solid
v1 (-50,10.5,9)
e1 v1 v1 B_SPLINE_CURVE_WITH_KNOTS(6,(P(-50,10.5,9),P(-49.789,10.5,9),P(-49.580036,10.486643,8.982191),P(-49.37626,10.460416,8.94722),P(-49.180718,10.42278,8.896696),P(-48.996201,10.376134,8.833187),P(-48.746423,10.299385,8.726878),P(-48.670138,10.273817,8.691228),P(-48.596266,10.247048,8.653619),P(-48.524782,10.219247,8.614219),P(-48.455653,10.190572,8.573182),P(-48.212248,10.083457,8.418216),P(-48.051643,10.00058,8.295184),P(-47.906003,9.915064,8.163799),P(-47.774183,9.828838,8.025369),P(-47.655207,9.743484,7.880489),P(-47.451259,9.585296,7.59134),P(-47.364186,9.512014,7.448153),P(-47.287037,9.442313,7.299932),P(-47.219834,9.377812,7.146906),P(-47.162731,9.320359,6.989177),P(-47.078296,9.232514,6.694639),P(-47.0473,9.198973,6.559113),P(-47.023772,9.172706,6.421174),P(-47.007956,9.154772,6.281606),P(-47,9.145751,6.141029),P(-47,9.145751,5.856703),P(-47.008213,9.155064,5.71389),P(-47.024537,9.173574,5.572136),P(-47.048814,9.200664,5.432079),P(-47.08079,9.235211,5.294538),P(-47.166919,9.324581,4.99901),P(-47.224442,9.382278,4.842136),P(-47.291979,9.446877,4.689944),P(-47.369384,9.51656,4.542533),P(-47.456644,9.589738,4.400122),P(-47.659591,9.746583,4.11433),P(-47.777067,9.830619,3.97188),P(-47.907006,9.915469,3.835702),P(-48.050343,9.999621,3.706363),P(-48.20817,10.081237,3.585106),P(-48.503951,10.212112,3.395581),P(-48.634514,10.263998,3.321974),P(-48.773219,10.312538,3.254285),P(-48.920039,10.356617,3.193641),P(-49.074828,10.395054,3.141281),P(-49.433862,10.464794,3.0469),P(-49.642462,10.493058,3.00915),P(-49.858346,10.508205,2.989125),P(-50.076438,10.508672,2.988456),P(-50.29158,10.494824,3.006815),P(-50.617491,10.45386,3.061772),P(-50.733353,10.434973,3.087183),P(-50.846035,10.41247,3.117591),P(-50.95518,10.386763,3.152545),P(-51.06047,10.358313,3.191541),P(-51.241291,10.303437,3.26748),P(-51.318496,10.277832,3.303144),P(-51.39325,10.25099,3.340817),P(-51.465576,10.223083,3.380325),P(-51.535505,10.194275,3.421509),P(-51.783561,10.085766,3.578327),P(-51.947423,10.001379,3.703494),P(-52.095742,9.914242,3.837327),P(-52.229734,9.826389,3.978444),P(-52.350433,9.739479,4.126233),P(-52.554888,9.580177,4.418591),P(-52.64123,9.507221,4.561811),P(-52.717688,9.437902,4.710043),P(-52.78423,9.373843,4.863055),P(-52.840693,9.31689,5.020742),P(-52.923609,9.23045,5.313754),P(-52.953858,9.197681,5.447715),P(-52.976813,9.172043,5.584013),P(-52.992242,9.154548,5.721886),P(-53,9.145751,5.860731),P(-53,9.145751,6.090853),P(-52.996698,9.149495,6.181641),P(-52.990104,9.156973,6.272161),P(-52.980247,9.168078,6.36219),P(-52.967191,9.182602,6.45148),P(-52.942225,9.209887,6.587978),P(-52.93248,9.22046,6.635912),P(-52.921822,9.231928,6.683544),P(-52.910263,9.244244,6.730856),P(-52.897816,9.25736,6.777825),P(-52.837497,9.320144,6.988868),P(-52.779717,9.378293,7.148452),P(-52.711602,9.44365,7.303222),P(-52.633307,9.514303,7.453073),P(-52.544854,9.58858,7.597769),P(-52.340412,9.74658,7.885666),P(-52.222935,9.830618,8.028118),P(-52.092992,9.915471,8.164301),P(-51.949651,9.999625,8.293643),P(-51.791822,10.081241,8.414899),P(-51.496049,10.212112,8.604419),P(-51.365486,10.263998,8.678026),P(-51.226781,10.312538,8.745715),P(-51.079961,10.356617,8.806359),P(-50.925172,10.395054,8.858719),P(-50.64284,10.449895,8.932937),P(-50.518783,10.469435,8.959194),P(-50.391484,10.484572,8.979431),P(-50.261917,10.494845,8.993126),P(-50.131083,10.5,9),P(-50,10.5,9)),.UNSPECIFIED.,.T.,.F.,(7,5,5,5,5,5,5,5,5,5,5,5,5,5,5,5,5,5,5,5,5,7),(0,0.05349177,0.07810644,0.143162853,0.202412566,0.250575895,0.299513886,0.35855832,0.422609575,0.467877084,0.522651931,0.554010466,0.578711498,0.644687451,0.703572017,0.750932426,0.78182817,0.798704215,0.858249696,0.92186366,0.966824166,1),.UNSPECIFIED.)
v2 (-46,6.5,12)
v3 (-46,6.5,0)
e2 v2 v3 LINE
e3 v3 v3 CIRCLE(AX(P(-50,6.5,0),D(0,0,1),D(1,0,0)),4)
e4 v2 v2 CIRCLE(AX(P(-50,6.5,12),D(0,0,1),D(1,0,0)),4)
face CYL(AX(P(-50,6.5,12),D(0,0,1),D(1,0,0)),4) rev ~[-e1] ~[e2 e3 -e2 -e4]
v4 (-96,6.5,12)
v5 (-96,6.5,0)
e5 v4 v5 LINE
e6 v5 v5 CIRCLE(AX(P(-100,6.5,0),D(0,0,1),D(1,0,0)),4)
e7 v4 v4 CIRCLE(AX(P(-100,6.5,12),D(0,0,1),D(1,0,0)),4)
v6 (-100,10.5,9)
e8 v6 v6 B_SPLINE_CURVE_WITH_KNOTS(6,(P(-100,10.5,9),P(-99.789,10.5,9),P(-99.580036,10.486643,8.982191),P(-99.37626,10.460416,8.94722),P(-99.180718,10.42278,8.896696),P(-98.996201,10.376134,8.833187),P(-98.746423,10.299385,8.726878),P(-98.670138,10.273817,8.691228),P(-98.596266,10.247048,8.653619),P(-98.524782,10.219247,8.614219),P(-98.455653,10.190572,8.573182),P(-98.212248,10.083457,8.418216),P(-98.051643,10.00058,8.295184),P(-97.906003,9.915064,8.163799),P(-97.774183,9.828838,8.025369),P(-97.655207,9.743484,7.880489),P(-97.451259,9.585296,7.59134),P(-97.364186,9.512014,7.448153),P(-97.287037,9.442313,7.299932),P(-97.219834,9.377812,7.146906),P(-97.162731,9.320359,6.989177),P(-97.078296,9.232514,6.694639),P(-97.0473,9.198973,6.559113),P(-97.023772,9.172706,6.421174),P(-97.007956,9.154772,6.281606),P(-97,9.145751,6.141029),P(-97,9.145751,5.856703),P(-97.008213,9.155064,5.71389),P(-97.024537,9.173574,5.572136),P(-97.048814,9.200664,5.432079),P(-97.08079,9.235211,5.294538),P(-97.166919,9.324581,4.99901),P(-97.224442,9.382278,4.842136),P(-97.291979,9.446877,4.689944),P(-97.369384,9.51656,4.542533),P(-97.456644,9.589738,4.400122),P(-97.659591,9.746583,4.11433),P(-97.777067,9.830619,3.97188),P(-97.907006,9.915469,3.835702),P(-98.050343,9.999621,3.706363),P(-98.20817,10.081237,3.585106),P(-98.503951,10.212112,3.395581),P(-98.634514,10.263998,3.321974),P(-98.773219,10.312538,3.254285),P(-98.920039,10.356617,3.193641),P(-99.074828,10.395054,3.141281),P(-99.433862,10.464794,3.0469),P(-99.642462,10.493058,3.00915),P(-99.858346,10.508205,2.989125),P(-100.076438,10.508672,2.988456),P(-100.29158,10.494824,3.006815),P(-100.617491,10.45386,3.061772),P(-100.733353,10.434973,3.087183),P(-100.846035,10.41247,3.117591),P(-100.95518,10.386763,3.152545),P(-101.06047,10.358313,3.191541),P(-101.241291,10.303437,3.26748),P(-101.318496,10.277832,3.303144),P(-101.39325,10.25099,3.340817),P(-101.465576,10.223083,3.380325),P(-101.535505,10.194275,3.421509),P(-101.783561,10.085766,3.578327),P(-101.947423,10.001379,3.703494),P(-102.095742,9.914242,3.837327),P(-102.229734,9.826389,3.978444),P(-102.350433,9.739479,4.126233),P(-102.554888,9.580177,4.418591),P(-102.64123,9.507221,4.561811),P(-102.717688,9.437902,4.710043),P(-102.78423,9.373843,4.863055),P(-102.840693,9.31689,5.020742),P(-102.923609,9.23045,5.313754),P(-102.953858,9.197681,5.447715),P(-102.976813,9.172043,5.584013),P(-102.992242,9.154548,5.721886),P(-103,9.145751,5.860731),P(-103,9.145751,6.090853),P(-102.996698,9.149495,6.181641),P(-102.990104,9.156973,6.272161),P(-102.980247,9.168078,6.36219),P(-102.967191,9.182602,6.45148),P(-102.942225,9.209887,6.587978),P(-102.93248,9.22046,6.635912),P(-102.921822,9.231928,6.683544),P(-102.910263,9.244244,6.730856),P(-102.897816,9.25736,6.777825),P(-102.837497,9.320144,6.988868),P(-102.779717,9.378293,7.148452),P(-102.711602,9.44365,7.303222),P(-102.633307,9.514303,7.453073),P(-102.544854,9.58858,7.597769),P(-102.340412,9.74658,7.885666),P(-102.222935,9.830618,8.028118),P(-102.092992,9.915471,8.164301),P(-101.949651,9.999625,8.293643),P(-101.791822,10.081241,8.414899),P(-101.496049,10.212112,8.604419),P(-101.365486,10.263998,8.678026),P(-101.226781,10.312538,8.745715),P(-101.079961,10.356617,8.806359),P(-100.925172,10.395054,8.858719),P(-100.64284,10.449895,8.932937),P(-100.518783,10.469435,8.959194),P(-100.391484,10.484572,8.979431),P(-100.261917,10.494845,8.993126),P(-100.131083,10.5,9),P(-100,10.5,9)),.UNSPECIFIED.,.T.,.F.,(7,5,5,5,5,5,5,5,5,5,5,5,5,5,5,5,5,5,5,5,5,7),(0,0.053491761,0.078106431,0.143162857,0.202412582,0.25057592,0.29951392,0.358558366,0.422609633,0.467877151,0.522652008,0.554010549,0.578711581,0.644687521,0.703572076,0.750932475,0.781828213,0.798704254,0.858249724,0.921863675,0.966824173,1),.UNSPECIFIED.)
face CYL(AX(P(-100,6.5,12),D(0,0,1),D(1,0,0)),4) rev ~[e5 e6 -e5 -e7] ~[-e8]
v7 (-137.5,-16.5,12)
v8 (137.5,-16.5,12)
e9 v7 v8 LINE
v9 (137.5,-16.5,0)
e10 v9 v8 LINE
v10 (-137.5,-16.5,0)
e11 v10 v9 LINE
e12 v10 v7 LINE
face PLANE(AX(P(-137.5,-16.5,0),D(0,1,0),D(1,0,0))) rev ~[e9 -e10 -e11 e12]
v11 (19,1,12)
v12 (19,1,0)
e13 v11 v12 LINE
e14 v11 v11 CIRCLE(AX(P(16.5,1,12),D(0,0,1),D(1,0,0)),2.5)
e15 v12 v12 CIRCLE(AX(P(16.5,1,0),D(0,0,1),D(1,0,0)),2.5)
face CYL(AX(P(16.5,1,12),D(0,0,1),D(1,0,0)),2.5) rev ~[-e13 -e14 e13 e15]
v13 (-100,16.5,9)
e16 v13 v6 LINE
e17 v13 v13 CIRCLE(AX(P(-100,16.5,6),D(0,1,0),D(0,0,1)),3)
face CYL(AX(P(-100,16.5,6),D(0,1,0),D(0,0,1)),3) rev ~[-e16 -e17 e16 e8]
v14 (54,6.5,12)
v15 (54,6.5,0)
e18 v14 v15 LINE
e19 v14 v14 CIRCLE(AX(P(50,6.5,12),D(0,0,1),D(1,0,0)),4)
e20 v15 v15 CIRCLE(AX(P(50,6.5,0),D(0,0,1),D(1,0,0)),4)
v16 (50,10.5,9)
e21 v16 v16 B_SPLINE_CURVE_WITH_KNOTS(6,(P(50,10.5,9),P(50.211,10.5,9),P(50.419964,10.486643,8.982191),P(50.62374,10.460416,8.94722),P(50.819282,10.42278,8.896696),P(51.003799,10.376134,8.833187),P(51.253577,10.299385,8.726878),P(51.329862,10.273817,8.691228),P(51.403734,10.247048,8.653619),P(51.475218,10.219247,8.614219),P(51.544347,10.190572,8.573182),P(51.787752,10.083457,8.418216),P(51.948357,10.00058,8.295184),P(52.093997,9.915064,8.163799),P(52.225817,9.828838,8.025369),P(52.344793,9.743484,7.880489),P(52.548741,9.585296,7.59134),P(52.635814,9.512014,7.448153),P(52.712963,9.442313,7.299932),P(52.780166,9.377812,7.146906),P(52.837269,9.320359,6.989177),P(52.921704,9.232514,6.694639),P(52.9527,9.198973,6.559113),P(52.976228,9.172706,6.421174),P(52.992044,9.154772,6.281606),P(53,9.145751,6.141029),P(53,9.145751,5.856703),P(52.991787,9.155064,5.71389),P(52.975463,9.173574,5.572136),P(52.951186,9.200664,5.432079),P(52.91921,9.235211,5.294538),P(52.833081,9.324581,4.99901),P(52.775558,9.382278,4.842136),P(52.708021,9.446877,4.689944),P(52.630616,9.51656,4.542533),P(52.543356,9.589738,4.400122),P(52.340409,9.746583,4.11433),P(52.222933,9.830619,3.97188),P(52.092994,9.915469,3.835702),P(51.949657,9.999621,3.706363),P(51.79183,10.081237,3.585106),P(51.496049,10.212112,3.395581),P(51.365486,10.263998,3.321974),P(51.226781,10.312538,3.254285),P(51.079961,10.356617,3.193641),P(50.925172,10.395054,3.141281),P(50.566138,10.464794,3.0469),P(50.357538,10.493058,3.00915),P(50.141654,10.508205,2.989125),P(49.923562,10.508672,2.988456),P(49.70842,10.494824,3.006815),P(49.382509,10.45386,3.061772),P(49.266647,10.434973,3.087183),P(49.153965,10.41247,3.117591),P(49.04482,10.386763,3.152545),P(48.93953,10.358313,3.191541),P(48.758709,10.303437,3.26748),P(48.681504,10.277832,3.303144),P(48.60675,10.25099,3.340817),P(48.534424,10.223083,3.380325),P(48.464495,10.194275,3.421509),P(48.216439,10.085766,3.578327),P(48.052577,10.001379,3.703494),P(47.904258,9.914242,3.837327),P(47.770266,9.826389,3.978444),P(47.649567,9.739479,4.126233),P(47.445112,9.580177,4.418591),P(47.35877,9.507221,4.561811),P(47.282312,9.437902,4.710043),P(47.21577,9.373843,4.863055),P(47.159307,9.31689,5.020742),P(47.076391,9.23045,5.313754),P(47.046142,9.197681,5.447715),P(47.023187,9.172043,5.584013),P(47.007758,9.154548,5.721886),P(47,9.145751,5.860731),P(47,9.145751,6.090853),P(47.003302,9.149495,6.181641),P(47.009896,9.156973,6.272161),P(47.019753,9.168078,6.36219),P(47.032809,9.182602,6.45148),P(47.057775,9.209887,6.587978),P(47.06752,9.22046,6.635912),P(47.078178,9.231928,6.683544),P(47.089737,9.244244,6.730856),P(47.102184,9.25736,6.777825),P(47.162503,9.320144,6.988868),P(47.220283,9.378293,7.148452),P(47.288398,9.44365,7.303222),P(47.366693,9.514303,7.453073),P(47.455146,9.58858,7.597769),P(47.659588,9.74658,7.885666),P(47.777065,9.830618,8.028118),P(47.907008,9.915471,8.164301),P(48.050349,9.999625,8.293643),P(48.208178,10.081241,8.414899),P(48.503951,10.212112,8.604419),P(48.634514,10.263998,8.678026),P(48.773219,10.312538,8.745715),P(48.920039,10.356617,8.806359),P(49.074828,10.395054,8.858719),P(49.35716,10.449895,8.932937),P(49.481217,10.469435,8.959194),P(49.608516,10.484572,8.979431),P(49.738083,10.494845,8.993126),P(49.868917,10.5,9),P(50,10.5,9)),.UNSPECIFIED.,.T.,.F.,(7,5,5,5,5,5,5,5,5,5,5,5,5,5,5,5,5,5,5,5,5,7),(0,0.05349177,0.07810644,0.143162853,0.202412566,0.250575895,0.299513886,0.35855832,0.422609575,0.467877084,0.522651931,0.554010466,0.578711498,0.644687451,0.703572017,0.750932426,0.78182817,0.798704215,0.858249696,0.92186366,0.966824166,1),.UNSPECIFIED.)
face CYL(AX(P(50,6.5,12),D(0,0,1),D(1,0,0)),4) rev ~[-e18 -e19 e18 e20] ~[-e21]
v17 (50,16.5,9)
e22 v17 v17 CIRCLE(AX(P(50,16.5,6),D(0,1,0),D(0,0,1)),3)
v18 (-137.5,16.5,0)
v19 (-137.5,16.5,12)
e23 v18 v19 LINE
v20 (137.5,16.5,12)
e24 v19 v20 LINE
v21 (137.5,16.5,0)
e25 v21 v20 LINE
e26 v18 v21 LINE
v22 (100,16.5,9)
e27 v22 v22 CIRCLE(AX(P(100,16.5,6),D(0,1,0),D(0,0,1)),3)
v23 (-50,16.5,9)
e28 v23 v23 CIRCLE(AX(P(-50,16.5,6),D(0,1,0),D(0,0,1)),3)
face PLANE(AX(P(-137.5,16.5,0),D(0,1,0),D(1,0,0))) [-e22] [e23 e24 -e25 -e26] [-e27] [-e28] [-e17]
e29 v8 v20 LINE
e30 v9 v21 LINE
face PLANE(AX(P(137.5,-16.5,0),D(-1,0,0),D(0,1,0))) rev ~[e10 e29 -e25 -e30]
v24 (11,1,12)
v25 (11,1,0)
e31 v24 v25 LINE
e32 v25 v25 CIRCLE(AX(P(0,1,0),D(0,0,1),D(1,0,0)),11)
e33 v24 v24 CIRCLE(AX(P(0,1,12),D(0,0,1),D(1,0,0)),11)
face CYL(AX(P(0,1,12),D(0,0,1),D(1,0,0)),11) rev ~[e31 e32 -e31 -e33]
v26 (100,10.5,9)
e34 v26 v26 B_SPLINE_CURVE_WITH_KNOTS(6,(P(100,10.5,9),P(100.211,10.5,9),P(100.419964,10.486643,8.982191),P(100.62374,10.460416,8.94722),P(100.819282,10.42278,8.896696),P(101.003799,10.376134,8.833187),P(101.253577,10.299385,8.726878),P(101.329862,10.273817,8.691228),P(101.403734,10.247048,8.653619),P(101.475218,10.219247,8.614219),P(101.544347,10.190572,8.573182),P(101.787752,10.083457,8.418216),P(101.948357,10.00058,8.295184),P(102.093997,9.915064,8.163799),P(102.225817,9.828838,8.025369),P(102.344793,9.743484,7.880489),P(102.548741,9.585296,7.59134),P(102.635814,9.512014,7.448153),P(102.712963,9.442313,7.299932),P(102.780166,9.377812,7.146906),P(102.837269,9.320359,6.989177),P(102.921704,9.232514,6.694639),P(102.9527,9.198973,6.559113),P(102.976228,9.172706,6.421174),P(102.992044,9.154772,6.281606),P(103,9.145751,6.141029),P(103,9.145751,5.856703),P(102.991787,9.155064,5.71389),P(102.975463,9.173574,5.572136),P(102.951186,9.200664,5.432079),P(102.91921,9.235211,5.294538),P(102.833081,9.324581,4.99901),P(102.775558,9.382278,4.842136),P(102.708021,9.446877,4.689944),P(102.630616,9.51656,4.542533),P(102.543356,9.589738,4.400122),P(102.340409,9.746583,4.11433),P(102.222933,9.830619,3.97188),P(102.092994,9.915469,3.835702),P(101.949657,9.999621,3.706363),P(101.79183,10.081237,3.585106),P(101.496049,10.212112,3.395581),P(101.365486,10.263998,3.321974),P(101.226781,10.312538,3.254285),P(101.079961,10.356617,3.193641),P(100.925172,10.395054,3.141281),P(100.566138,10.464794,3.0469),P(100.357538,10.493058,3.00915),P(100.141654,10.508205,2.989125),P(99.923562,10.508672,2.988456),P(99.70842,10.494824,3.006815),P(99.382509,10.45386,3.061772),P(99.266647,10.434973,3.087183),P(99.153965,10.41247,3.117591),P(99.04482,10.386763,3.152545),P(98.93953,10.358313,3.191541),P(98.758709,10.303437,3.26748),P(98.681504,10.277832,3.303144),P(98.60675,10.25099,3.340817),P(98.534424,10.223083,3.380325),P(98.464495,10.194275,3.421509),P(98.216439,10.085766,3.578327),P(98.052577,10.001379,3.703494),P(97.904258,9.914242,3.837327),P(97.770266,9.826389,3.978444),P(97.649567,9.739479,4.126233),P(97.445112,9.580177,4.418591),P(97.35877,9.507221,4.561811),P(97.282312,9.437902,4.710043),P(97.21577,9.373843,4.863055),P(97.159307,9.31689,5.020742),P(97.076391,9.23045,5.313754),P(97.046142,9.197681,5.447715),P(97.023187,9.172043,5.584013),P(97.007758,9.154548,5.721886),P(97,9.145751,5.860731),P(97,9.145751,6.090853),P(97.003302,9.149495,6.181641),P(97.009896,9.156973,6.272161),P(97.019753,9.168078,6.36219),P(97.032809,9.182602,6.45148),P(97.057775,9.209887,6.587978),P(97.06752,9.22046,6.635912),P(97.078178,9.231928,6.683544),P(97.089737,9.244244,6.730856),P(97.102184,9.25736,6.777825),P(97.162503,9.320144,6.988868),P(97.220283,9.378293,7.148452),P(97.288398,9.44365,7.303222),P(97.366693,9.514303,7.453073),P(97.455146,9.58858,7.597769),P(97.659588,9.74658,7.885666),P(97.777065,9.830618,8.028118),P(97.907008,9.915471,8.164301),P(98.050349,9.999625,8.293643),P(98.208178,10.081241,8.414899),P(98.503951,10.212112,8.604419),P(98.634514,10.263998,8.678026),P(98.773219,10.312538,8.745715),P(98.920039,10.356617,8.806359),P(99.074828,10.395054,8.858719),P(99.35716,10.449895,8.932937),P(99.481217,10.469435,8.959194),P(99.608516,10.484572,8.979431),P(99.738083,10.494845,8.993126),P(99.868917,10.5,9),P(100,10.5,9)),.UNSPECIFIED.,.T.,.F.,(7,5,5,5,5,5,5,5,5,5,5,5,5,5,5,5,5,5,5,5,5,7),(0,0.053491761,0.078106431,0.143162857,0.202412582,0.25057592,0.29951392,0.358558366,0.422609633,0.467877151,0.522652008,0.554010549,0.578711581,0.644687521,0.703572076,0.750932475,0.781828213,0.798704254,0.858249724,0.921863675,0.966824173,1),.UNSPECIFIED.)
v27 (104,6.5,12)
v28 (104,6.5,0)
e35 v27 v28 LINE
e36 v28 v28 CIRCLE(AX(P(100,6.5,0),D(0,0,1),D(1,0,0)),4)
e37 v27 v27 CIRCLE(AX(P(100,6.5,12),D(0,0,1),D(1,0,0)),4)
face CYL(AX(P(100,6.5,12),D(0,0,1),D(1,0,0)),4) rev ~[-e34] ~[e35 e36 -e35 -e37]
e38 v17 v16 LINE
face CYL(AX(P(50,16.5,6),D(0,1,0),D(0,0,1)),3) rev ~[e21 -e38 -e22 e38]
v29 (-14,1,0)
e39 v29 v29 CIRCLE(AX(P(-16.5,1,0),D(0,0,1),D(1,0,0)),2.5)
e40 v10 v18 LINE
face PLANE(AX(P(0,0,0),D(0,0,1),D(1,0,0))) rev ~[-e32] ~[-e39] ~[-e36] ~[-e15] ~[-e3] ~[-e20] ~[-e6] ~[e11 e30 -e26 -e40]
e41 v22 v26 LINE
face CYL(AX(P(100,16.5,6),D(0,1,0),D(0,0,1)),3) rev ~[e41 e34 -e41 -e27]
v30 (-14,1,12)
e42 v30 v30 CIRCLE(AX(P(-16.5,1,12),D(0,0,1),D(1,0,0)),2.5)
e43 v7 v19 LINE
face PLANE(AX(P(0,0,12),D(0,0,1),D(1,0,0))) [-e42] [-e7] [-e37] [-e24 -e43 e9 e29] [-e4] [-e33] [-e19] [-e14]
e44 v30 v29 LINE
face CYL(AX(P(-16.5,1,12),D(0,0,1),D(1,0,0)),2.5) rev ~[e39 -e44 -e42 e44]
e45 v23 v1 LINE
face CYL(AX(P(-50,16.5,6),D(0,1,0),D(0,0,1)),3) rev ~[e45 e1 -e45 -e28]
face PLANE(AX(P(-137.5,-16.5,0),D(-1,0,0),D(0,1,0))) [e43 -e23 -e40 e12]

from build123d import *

# Parameters (mm, degrees)
SKETCH1_W           = 275
SKETCH1_H           = 33
BOSS_EXTRUDE1_DEPTH = 12
CUT_EXTRUDE1_REACH  = 141.005
SKETCH2_R           = 11
SKETCH2_R_2         = 2.5
CUT_EXTRUDE2_REACH  = 141.005
SKETCH3_R           = 4
CUT_EXTRUDE3_REACH  = 143.913
SKETCH4_R           = 3


with BuildPart() as part:
    # Sketch1 → Boss-Extrude1 (new body)
    with BuildSketch(Plane.XY):
        Rectangle(SKETCH1_W, SKETCH1_H)
    extrude(amount=BOSS_EXTRUDE1_DEPTH)

    # Sketch2 → Cut-Extrude1 (cut, up to next)
    with BuildSketch(Plane.XY.offset(12), mode=Mode.PRIVATE) as cut_extrude1_sk1:
        with Locations((0, 1)):
            Circle(SKETCH2_R)
    cut_extrude1_tool1 = extrude(cut_extrude1_sk1.sketch, amount=-CUT_EXTRUDE1_REACH, mode=Mode.PRIVATE) & part.part
    # Sketch2 → Cut-Extrude1 (cut, up to next)
    with BuildSketch(Plane.XY.offset(12), mode=Mode.PRIVATE) as cut_extrude1_sk2:
        with Locations((-16.5, 1)):
            Circle(SKETCH2_R_2)
    cut_extrude1_tool2 = extrude(cut_extrude1_sk2.sketch, amount=-CUT_EXTRUDE1_REACH, mode=Mode.PRIVATE) & part.part
    # Sketch2 → Cut-Extrude1 (cut, up to next)
    with BuildSketch(Plane.XY.offset(12), mode=Mode.PRIVATE) as cut_extrude1_sk3:
        with Locations((16.5, 1)):
            Circle(SKETCH2_R_2)
    cut_extrude1_tool3 = extrude(cut_extrude1_sk3.sketch, amount=-CUT_EXTRUDE1_REACH, mode=Mode.PRIVATE) & part.part
    add(cut_extrude1_tool1.solids().sort_by_distance((0, 1, 12))[0], mode=Mode.SUBTRACT)
    add(cut_extrude1_tool2.solids().sort_by_distance((-16.5, 1, 12))[0], mode=Mode.SUBTRACT)
    add(cut_extrude1_tool3.solids().sort_by_distance((16.5, 1, 12))[0], mode=Mode.SUBTRACT)

    # Sketch3 → Cut-Extrude2 (cut, up to next)
    with BuildSketch(Plane.XY.offset(12), mode=Mode.PRIVATE) as cut_extrude2_sk1:
        with Locations((-100, 6.5)):
            Circle(SKETCH3_R)
    cut_extrude2_tool1 = extrude(cut_extrude2_sk1.sketch, amount=-CUT_EXTRUDE2_REACH, mode=Mode.PRIVATE) & part.part
    # Sketch3 → Cut-Extrude2 (cut, up to next)
    with BuildSketch(Plane.XY.offset(12), mode=Mode.PRIVATE) as cut_extrude2_sk2:
        with Locations((-50, 6.5)):
            Circle(SKETCH3_R)
    cut_extrude2_tool2 = extrude(cut_extrude2_sk2.sketch, amount=-CUT_EXTRUDE2_REACH, mode=Mode.PRIVATE) & part.part
    # Sketch3 → Cut-Extrude2 (cut, up to next)
    with BuildSketch(Plane.XY.offset(12), mode=Mode.PRIVATE) as cut_extrude2_sk3:
        with Locations((50, 6.5)):
            Circle(SKETCH3_R)
    cut_extrude2_tool3 = extrude(cut_extrude2_sk3.sketch, amount=-CUT_EXTRUDE2_REACH, mode=Mode.PRIVATE) & part.part
    # Sketch3 → Cut-Extrude2 (cut, up to next)
    with BuildSketch(Plane.XY.offset(12), mode=Mode.PRIVATE) as cut_extrude2_sk4:
        with Locations((100, 6.5)):
            Circle(SKETCH3_R)
    cut_extrude2_tool4 = extrude(cut_extrude2_sk4.sketch, amount=-CUT_EXTRUDE2_REACH, mode=Mode.PRIVATE) & part.part
    add(cut_extrude2_tool1.solids().sort_by_distance((-100, 6.5, 12))[0], mode=Mode.SUBTRACT)
    add(cut_extrude2_tool2.solids().sort_by_distance((-50, 6.5, 12))[0], mode=Mode.SUBTRACT)
    add(cut_extrude2_tool3.solids().sort_by_distance((50, 6.5, 12))[0], mode=Mode.SUBTRACT)
    add(cut_extrude2_tool4.solids().sort_by_distance((100, 6.5, 12))[0], mode=Mode.SUBTRACT)

    # Sketch4 → Cut-Extrude3 (cut, up to next)
    with BuildSketch(Plane(origin=(0, 16.5, 0), x_dir=(1, 0, 0), z_dir=(0, 1, 0)), mode=Mode.PRIVATE) as cut_extrude3_sk1:
        with Locations(Location((-100, -6, 0), (0, 0, 270))):
            Circle(SKETCH4_R)
    cut_extrude3_tool1 = extrude(cut_extrude3_sk1.sketch, amount=-CUT_EXTRUDE3_REACH, mode=Mode.PRIVATE) & part.part
    # Sketch4 → Cut-Extrude3 (cut, up to next)
    with BuildSketch(Plane(origin=(0, 16.5, 0), x_dir=(1, 0, 0), z_dir=(0, 1, 0)), mode=Mode.PRIVATE) as cut_extrude3_sk2:
        with Locations(Location((-50, -6, 0), (0, 0, 270))):
            Circle(SKETCH4_R)
    cut_extrude3_tool2 = extrude(cut_extrude3_sk2.sketch, amount=-CUT_EXTRUDE3_REACH, mode=Mode.PRIVATE) & part.part
    # Sketch4 → Cut-Extrude3 (cut, up to next)
    with BuildSketch(Plane(origin=(0, 16.5, 0), x_dir=(1, 0, 0), z_dir=(0, 1, 0)), mode=Mode.PRIVATE) as cut_extrude3_sk3:
        with Locations(Location((50, -6, 0), (0, 0, 270))):
            Circle(SKETCH4_R)
    cut_extrude3_tool3 = extrude(cut_extrude3_sk3.sketch, amount=-CUT_EXTRUDE3_REACH, mode=Mode.PRIVATE) & part.part
    # Sketch4 → Cut-Extrude3 (cut, up to next)
    with BuildSketch(Plane(origin=(0, 16.5, 0), x_dir=(1, 0, 0), z_dir=(0, 1, 0)), mode=Mode.PRIVATE) as cut_extrude3_sk4:
        with Locations(Location((100, -6, 0), (0, 0, 270))):
            Circle(SKETCH4_R)
    cut_extrude3_tool4 = extrude(cut_extrude3_sk4.sketch, amount=-CUT_EXTRUDE3_REACH, mode=Mode.PRIVATE) & part.part
    add(cut_extrude3_tool1.solids().sort_by_distance((-100, 16.5, 6))[0], mode=Mode.SUBTRACT)
    add(cut_extrude3_tool2.solids().sort_by_distance((-50, 16.5, 6))[0], mode=Mode.SUBTRACT)
    add(cut_extrude3_tool3.solids().sort_by_distance((50, 16.5, 6))[0], mode=Mode.SUBTRACT)
    add(cut_extrude3_tool4.solids().sort_by_distance((100, 16.5, 6))[0], mode=Mode.SUBTRACT)


solid = part.part
